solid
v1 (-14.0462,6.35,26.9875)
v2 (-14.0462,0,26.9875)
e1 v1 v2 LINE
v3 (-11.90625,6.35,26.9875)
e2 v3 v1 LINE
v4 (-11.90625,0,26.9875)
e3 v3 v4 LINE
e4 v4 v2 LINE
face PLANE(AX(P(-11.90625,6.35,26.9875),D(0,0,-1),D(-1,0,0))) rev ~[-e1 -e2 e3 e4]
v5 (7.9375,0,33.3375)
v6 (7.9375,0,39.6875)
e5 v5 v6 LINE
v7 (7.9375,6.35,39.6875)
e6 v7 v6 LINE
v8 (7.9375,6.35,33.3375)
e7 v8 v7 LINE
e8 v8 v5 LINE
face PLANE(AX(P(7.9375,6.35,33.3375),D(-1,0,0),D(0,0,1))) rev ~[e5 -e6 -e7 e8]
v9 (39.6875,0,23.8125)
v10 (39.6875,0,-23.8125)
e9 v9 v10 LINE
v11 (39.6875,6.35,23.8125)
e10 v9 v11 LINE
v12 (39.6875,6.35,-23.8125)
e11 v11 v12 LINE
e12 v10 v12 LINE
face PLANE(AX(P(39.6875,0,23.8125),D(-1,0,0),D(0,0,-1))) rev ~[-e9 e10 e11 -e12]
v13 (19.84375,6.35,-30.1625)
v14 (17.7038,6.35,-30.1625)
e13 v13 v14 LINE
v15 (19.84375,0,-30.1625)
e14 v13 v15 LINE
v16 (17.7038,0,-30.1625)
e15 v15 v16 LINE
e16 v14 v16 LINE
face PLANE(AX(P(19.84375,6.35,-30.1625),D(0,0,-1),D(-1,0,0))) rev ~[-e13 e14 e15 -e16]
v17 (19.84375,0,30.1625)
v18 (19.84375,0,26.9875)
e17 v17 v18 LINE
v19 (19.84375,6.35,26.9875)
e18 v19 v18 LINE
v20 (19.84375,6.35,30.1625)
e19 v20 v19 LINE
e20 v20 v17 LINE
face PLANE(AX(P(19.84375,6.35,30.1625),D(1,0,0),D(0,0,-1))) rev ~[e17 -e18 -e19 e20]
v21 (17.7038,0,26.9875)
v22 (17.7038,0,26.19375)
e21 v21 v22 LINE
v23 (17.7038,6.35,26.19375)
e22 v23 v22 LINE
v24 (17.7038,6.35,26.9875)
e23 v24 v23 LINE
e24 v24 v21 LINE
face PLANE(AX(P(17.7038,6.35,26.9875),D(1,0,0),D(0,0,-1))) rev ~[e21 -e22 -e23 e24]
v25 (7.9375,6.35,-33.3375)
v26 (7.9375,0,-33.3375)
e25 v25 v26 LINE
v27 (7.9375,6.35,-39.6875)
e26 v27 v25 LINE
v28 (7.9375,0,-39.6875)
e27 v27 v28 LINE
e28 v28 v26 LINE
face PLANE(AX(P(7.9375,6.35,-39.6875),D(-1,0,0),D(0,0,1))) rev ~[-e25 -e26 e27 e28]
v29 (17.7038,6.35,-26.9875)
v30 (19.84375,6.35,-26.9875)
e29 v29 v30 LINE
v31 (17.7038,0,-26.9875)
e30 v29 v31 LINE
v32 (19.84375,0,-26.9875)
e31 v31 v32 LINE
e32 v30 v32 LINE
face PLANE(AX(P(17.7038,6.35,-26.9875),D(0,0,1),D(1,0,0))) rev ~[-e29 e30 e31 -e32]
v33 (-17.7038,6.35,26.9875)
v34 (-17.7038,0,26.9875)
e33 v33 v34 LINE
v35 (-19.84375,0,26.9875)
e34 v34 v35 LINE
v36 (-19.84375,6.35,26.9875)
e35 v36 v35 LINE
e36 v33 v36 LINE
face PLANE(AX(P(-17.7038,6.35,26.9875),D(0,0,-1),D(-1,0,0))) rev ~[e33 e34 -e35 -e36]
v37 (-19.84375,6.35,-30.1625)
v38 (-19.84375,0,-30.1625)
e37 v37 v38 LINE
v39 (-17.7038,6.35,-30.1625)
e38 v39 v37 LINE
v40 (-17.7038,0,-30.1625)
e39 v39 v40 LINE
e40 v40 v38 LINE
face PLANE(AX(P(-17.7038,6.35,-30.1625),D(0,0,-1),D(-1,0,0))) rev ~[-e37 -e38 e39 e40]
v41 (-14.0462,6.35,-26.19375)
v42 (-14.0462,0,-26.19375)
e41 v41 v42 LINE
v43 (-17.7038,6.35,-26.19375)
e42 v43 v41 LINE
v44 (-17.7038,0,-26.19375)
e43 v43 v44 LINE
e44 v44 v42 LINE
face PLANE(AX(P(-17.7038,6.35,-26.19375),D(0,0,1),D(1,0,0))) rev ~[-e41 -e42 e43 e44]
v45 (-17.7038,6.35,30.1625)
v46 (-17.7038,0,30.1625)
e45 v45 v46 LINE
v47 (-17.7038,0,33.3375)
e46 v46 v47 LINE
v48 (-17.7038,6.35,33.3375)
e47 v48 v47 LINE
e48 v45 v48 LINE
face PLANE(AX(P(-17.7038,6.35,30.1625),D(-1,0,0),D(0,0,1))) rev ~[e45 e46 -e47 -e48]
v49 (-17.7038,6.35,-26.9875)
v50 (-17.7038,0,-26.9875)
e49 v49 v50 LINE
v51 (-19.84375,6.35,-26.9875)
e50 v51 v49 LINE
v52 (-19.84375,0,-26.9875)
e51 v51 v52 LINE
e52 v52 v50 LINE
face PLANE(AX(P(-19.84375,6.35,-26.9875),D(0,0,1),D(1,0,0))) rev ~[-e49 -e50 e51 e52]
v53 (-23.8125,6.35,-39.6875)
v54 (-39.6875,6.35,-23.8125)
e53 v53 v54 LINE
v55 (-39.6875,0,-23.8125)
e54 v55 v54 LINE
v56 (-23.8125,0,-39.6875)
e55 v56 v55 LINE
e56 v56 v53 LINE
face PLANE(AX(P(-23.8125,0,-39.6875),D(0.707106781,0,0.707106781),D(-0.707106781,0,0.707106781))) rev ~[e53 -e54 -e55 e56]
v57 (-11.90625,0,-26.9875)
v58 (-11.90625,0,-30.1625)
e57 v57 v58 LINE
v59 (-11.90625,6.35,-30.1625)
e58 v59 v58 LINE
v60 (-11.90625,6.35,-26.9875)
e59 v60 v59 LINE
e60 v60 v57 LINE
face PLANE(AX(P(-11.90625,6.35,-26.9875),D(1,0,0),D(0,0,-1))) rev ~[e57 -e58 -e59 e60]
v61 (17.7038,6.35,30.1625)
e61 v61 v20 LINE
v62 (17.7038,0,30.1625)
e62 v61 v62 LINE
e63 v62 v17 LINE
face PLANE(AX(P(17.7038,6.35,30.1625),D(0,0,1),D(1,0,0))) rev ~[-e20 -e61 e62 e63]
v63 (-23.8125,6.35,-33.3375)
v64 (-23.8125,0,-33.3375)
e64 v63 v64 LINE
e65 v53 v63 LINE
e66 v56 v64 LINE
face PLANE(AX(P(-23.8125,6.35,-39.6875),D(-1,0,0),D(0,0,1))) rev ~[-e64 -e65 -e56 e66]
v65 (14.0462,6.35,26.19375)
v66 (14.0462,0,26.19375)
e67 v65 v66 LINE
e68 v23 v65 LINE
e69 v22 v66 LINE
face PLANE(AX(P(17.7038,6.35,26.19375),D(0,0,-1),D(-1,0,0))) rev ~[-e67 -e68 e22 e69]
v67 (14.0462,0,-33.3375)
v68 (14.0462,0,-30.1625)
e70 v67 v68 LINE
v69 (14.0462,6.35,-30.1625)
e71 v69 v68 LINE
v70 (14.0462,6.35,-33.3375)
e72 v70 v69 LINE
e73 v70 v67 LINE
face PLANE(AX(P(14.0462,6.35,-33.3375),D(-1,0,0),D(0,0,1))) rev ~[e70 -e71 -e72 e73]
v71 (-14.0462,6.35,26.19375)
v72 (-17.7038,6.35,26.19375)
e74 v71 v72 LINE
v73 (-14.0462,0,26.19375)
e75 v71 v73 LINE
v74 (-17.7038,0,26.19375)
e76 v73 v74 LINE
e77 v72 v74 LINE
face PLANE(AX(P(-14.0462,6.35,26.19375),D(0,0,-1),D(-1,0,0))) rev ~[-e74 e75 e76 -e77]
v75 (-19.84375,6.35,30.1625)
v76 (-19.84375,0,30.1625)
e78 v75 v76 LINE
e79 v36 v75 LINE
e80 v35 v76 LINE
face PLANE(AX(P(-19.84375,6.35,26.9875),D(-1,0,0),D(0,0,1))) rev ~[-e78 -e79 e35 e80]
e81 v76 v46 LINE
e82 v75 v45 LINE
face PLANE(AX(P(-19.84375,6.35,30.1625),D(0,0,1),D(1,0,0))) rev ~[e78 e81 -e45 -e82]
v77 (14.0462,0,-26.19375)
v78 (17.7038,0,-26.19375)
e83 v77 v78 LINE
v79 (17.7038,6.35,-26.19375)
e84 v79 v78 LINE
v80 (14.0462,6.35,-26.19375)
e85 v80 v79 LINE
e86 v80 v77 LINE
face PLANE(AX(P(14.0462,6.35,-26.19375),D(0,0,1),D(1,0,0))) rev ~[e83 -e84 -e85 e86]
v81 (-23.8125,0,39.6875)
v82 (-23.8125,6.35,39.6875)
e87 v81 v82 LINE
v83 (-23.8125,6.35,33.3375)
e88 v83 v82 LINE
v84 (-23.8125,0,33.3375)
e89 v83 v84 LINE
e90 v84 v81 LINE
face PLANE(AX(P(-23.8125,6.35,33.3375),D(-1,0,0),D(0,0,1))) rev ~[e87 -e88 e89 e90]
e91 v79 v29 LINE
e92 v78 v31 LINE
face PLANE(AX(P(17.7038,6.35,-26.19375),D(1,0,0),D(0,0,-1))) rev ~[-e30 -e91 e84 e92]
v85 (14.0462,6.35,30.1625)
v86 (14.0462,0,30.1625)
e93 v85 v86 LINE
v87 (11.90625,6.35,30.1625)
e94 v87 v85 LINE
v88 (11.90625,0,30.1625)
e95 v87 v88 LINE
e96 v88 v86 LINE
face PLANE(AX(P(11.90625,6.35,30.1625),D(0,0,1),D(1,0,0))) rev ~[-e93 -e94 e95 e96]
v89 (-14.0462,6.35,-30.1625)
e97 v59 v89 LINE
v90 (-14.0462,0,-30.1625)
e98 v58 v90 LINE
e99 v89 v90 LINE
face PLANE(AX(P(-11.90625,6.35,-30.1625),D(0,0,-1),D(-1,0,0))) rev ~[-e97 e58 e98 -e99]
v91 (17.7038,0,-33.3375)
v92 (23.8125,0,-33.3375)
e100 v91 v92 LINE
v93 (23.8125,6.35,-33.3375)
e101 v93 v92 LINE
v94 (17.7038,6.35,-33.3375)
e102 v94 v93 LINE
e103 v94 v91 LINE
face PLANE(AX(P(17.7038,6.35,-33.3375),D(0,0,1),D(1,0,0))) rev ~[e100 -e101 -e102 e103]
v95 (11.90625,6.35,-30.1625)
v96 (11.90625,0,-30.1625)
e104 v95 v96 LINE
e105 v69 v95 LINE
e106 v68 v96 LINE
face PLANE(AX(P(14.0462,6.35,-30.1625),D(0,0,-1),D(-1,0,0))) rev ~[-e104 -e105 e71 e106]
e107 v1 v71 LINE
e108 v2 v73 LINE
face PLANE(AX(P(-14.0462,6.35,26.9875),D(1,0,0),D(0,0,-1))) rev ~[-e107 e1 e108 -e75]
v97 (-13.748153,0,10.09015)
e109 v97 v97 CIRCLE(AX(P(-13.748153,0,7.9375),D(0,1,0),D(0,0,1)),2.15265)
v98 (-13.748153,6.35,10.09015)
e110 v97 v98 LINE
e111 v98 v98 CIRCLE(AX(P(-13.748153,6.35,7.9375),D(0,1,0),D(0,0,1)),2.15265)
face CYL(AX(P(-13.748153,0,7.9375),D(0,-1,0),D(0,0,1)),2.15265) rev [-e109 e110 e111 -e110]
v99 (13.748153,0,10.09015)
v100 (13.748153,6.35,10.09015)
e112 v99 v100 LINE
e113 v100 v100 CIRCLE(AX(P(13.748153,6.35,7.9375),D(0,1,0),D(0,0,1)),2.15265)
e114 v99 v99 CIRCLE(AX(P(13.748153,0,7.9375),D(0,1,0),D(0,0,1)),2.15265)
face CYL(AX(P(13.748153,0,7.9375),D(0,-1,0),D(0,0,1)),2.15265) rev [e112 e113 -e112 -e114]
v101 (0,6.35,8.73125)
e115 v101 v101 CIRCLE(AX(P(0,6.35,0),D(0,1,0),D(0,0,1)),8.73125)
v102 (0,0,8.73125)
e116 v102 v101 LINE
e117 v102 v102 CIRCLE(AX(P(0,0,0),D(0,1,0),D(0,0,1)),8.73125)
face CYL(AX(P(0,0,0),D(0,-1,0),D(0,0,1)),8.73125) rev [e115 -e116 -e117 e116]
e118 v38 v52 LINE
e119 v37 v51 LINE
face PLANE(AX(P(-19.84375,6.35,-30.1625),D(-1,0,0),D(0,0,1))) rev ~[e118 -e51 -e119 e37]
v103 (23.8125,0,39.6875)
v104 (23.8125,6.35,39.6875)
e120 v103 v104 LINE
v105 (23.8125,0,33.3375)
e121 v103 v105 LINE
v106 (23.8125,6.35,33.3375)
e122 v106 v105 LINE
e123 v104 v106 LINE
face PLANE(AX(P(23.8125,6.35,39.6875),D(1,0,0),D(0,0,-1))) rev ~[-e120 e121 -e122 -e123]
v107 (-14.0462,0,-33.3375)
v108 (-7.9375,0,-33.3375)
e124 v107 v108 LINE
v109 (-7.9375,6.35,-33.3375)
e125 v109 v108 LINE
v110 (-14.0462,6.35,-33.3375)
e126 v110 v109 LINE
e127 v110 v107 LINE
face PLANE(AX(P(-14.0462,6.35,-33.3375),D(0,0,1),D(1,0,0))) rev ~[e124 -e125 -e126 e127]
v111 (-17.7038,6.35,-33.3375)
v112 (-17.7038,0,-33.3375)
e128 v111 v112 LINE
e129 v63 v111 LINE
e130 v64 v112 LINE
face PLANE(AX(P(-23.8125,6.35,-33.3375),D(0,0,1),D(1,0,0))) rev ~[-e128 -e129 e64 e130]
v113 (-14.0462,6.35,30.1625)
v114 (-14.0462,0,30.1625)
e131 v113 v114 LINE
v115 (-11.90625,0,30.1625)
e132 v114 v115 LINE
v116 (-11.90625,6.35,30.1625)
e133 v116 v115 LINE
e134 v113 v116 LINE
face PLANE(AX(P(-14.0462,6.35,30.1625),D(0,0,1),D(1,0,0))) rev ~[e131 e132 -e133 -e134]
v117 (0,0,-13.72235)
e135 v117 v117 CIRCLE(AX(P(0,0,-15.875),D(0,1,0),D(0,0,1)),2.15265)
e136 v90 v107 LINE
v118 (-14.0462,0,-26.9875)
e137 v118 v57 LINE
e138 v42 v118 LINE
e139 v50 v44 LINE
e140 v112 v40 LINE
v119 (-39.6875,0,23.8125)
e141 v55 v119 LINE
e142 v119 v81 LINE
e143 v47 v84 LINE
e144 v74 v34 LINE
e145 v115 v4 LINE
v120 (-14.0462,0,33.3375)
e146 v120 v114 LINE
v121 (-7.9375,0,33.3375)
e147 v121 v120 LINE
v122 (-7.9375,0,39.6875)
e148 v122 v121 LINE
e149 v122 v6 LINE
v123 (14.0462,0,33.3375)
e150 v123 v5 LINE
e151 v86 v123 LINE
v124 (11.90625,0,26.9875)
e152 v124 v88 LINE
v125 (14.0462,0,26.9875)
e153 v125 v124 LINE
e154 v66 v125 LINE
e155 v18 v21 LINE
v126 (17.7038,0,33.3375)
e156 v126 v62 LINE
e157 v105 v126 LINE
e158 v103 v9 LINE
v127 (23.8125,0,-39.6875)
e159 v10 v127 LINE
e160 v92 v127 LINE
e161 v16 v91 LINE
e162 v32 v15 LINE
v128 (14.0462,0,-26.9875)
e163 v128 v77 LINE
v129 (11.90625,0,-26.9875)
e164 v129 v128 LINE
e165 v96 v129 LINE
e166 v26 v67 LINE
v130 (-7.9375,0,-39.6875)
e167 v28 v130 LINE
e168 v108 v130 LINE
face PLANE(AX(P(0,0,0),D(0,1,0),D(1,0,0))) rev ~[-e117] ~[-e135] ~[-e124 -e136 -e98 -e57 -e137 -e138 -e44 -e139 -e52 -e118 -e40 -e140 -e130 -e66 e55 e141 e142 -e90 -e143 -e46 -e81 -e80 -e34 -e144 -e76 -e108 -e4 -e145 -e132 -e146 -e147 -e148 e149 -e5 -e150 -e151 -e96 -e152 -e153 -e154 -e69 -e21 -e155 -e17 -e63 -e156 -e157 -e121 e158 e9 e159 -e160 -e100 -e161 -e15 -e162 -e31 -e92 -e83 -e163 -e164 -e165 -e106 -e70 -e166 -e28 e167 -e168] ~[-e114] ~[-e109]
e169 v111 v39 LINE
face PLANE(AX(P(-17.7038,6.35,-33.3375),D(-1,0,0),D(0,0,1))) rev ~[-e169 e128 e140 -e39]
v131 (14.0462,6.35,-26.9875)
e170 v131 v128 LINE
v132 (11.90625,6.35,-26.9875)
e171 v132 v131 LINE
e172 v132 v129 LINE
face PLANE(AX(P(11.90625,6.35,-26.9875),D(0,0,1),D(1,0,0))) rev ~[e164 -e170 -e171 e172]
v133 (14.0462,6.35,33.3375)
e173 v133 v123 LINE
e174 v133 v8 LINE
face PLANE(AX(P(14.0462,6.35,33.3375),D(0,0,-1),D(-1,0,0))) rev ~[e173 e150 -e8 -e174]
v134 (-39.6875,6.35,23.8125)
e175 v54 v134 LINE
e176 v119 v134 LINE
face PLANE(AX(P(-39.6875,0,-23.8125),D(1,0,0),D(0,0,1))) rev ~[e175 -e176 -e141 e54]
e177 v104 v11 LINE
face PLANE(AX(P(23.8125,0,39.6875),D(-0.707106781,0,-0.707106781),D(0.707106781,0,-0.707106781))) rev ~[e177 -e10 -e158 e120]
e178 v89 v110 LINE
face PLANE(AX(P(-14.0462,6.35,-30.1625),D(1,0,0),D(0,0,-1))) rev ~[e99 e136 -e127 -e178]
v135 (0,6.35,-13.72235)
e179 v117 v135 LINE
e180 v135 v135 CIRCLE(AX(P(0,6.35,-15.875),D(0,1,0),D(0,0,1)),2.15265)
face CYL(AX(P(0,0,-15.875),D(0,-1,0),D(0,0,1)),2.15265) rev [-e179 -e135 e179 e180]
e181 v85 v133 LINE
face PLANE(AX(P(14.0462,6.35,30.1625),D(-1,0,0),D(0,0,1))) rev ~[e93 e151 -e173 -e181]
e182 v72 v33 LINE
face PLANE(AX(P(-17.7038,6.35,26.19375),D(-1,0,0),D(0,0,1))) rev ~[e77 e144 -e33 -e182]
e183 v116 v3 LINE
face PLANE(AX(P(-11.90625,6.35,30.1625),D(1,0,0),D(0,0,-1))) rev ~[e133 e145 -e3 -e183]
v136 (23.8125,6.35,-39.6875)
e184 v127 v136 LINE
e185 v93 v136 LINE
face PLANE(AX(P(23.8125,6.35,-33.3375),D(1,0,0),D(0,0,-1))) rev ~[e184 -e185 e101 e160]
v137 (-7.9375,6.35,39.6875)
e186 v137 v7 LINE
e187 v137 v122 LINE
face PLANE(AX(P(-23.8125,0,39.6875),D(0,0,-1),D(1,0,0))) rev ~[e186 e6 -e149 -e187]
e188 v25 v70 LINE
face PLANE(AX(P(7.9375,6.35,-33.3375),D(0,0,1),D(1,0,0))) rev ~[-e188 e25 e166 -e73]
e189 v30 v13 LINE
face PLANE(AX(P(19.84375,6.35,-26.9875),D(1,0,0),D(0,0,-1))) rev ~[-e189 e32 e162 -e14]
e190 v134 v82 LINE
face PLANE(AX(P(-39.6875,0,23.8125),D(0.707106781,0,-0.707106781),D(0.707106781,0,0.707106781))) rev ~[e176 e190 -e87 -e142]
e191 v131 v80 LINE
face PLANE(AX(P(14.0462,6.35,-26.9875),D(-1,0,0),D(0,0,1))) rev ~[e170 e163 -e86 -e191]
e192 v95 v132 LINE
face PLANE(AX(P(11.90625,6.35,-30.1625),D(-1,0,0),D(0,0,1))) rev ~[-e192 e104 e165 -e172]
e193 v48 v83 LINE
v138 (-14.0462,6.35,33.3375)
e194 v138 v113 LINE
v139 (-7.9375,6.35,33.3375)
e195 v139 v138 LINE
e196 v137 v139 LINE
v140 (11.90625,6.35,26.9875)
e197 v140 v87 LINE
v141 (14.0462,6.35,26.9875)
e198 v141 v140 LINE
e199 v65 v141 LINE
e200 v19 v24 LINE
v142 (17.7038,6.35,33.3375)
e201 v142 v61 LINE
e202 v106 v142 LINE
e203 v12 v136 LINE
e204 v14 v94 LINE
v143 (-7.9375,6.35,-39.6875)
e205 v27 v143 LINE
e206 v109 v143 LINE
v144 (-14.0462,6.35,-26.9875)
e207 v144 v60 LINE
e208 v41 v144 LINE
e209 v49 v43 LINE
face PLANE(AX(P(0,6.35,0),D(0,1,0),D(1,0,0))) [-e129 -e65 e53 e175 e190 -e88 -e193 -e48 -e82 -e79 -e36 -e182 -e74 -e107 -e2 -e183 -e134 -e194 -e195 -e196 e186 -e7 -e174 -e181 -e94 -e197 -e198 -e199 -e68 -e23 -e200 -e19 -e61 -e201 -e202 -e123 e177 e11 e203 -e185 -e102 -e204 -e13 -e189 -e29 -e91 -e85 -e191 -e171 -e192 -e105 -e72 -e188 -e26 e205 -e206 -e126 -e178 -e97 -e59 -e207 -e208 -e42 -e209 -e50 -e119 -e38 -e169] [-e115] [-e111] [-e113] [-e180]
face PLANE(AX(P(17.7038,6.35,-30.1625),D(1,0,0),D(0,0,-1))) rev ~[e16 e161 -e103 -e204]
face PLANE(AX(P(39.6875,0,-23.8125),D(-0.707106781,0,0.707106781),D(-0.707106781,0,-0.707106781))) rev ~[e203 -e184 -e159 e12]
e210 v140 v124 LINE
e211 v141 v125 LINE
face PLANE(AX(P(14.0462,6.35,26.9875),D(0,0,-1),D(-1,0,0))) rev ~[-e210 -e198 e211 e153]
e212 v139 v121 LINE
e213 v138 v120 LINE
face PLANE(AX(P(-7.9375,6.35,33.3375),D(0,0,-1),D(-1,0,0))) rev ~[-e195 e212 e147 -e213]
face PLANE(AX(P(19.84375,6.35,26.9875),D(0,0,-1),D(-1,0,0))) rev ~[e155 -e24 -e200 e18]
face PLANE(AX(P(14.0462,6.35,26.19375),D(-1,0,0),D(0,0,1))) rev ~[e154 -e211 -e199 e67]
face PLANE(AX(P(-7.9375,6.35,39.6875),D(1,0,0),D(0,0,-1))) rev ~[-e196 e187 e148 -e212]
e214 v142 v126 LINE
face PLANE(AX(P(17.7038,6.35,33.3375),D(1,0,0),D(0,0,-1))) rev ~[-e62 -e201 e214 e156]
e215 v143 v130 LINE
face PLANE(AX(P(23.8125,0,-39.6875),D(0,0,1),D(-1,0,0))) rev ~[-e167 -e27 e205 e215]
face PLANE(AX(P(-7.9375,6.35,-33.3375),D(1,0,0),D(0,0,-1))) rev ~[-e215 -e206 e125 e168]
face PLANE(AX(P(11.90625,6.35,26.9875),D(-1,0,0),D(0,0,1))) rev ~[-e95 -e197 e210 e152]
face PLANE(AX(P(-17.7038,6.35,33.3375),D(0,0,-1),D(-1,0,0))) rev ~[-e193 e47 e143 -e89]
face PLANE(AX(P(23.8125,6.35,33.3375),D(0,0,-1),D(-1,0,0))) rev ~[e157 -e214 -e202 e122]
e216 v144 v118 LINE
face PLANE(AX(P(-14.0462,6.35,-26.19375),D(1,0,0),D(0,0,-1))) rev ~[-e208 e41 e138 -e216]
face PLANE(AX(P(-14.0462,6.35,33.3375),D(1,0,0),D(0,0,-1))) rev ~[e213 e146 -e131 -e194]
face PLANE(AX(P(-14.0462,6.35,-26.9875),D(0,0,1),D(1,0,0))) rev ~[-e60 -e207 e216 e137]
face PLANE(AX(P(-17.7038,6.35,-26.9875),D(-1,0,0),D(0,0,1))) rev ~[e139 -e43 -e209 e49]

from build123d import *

# Parameters (mm, degrees)
SKETCH1_R           = 2.15265
SKETCH1_R_2         = 8.73125
BOSS_EXTRUDE1_DEPTH = 6.35
CUT_EXTRUDE1_DEPTH  = 57.484668827


with BuildPart() as part:
    # Sketch1 → Boss-Extrude1 (new body)
    with BuildSketch(Plane(origin=(0, 0, 0), x_dir=(1, 0, 0), z_dir=(0, 1, 0))):
        Polygon((23.8125, 39.6875), (-23.8125, 39.6875), (-39.6875, 23.8125), (-39.6875, -23.8125), (-23.8125, -39.6875), (23.8125, -39.6875), (39.6875, -23.8125), (39.6875, 23.8125), align=None)
        with Locations(Location((-13.748153285, -7.9375, 0), (0, 0, 270))):
            Circle(SKETCH1_R, mode=Mode.SUBTRACT)
        with Locations(Location((13.748153285, -7.9375, 0), (0, 0, 270))):
            Circle(SKETCH1_R, mode=Mode.SUBTRACT)
        with Locations(Location((0, 0, 0), (0, 0, 270))):
            Circle(SKETCH1_R_2, mode=Mode.SUBTRACT)
        with Locations(Location((0, 15.875, 0), (0, 0, 270))):
            Circle(SKETCH1_R, mode=Mode.SUBTRACT)
    extrude(amount=BOSS_EXTRUDE1_DEPTH)

    # Sketch2 → Cut-Extrude1 (cut, through all)
    with BuildSketch(Plane(origin=(0, 6.35, 0), x_dir=(1, 0, 0), z_dir=(0, 1, 0))):
        Polygon((-7.9375, 39.6875), (-23.8125, 39.6875), (-23.8125, 33.3375), (-17.7038, 33.3375), (-17.7038, 30.1625), (-19.84375, 30.1625), (-19.84375, 26.9875), (-17.7038, 26.9875), (-17.7038, 26.19375), (-14.0462, 26.19375), (-14.0462, 26.9875), (-11.90625, 26.9875), (-11.90625, 30.1625), (-14.0462, 30.1625), (-14.0462, 33.3375), (-7.9375, 33.3375), align=None)
        Polygon((23.8125, 39.6875), (7.9375, 39.6875), (7.9375, 33.3375), (14.0462, 33.3375), (14.0462, 30.1625), (11.90625, 30.1625), (11.90625, 26.9875), (14.0462, 26.9875), (14.0462, 26.19375), (17.7038, 26.19375), (17.7038, 26.9875), (19.84375, 26.9875), (19.84375, 30.1625), (17.7038, 30.1625), (17.7038, 33.3375), (23.8125, 33.3375), align=None)
        Polygon((-23.8125, -33.3375), (-23.8125, -39.6875), (-7.9375, -39.6875), (-7.9375, -33.3375), (-14.0462, -33.3375), (-14.0462, -30.1625), (-11.90625, -30.1625), (-11.90625, -26.9875), (-14.0462, -26.9875), (-14.0462, -26.19375), (-17.7038, -26.19375), (-17.7038, -26.9875), (-19.84375, -26.9875), (-19.84375, -30.1625), (-17.7038, -30.1625), (-17.7038, -33.3375), align=None)
        Polygon((7.9375, -33.3375), (7.9375, -39.6875), (23.8125, -39.6875), (23.8125, -33.3375), (17.7038, -33.3375), (17.7038, -30.1625), (19.84375, -30.1625), (19.84375, -26.9875), (17.7038, -26.9875), (17.7038, -26.19375), (14.0462, -26.19375), (14.0462, -26.9875), (11.90625, -26.9875), (11.90625, -30.1625), (14.0462, -30.1625), (14.0462, -33.3375), align=None)
    extrude(amount=-CUT_EXTRUDE1_DEPTH, mode=Mode.SUBTRACT)


solid = part.part
